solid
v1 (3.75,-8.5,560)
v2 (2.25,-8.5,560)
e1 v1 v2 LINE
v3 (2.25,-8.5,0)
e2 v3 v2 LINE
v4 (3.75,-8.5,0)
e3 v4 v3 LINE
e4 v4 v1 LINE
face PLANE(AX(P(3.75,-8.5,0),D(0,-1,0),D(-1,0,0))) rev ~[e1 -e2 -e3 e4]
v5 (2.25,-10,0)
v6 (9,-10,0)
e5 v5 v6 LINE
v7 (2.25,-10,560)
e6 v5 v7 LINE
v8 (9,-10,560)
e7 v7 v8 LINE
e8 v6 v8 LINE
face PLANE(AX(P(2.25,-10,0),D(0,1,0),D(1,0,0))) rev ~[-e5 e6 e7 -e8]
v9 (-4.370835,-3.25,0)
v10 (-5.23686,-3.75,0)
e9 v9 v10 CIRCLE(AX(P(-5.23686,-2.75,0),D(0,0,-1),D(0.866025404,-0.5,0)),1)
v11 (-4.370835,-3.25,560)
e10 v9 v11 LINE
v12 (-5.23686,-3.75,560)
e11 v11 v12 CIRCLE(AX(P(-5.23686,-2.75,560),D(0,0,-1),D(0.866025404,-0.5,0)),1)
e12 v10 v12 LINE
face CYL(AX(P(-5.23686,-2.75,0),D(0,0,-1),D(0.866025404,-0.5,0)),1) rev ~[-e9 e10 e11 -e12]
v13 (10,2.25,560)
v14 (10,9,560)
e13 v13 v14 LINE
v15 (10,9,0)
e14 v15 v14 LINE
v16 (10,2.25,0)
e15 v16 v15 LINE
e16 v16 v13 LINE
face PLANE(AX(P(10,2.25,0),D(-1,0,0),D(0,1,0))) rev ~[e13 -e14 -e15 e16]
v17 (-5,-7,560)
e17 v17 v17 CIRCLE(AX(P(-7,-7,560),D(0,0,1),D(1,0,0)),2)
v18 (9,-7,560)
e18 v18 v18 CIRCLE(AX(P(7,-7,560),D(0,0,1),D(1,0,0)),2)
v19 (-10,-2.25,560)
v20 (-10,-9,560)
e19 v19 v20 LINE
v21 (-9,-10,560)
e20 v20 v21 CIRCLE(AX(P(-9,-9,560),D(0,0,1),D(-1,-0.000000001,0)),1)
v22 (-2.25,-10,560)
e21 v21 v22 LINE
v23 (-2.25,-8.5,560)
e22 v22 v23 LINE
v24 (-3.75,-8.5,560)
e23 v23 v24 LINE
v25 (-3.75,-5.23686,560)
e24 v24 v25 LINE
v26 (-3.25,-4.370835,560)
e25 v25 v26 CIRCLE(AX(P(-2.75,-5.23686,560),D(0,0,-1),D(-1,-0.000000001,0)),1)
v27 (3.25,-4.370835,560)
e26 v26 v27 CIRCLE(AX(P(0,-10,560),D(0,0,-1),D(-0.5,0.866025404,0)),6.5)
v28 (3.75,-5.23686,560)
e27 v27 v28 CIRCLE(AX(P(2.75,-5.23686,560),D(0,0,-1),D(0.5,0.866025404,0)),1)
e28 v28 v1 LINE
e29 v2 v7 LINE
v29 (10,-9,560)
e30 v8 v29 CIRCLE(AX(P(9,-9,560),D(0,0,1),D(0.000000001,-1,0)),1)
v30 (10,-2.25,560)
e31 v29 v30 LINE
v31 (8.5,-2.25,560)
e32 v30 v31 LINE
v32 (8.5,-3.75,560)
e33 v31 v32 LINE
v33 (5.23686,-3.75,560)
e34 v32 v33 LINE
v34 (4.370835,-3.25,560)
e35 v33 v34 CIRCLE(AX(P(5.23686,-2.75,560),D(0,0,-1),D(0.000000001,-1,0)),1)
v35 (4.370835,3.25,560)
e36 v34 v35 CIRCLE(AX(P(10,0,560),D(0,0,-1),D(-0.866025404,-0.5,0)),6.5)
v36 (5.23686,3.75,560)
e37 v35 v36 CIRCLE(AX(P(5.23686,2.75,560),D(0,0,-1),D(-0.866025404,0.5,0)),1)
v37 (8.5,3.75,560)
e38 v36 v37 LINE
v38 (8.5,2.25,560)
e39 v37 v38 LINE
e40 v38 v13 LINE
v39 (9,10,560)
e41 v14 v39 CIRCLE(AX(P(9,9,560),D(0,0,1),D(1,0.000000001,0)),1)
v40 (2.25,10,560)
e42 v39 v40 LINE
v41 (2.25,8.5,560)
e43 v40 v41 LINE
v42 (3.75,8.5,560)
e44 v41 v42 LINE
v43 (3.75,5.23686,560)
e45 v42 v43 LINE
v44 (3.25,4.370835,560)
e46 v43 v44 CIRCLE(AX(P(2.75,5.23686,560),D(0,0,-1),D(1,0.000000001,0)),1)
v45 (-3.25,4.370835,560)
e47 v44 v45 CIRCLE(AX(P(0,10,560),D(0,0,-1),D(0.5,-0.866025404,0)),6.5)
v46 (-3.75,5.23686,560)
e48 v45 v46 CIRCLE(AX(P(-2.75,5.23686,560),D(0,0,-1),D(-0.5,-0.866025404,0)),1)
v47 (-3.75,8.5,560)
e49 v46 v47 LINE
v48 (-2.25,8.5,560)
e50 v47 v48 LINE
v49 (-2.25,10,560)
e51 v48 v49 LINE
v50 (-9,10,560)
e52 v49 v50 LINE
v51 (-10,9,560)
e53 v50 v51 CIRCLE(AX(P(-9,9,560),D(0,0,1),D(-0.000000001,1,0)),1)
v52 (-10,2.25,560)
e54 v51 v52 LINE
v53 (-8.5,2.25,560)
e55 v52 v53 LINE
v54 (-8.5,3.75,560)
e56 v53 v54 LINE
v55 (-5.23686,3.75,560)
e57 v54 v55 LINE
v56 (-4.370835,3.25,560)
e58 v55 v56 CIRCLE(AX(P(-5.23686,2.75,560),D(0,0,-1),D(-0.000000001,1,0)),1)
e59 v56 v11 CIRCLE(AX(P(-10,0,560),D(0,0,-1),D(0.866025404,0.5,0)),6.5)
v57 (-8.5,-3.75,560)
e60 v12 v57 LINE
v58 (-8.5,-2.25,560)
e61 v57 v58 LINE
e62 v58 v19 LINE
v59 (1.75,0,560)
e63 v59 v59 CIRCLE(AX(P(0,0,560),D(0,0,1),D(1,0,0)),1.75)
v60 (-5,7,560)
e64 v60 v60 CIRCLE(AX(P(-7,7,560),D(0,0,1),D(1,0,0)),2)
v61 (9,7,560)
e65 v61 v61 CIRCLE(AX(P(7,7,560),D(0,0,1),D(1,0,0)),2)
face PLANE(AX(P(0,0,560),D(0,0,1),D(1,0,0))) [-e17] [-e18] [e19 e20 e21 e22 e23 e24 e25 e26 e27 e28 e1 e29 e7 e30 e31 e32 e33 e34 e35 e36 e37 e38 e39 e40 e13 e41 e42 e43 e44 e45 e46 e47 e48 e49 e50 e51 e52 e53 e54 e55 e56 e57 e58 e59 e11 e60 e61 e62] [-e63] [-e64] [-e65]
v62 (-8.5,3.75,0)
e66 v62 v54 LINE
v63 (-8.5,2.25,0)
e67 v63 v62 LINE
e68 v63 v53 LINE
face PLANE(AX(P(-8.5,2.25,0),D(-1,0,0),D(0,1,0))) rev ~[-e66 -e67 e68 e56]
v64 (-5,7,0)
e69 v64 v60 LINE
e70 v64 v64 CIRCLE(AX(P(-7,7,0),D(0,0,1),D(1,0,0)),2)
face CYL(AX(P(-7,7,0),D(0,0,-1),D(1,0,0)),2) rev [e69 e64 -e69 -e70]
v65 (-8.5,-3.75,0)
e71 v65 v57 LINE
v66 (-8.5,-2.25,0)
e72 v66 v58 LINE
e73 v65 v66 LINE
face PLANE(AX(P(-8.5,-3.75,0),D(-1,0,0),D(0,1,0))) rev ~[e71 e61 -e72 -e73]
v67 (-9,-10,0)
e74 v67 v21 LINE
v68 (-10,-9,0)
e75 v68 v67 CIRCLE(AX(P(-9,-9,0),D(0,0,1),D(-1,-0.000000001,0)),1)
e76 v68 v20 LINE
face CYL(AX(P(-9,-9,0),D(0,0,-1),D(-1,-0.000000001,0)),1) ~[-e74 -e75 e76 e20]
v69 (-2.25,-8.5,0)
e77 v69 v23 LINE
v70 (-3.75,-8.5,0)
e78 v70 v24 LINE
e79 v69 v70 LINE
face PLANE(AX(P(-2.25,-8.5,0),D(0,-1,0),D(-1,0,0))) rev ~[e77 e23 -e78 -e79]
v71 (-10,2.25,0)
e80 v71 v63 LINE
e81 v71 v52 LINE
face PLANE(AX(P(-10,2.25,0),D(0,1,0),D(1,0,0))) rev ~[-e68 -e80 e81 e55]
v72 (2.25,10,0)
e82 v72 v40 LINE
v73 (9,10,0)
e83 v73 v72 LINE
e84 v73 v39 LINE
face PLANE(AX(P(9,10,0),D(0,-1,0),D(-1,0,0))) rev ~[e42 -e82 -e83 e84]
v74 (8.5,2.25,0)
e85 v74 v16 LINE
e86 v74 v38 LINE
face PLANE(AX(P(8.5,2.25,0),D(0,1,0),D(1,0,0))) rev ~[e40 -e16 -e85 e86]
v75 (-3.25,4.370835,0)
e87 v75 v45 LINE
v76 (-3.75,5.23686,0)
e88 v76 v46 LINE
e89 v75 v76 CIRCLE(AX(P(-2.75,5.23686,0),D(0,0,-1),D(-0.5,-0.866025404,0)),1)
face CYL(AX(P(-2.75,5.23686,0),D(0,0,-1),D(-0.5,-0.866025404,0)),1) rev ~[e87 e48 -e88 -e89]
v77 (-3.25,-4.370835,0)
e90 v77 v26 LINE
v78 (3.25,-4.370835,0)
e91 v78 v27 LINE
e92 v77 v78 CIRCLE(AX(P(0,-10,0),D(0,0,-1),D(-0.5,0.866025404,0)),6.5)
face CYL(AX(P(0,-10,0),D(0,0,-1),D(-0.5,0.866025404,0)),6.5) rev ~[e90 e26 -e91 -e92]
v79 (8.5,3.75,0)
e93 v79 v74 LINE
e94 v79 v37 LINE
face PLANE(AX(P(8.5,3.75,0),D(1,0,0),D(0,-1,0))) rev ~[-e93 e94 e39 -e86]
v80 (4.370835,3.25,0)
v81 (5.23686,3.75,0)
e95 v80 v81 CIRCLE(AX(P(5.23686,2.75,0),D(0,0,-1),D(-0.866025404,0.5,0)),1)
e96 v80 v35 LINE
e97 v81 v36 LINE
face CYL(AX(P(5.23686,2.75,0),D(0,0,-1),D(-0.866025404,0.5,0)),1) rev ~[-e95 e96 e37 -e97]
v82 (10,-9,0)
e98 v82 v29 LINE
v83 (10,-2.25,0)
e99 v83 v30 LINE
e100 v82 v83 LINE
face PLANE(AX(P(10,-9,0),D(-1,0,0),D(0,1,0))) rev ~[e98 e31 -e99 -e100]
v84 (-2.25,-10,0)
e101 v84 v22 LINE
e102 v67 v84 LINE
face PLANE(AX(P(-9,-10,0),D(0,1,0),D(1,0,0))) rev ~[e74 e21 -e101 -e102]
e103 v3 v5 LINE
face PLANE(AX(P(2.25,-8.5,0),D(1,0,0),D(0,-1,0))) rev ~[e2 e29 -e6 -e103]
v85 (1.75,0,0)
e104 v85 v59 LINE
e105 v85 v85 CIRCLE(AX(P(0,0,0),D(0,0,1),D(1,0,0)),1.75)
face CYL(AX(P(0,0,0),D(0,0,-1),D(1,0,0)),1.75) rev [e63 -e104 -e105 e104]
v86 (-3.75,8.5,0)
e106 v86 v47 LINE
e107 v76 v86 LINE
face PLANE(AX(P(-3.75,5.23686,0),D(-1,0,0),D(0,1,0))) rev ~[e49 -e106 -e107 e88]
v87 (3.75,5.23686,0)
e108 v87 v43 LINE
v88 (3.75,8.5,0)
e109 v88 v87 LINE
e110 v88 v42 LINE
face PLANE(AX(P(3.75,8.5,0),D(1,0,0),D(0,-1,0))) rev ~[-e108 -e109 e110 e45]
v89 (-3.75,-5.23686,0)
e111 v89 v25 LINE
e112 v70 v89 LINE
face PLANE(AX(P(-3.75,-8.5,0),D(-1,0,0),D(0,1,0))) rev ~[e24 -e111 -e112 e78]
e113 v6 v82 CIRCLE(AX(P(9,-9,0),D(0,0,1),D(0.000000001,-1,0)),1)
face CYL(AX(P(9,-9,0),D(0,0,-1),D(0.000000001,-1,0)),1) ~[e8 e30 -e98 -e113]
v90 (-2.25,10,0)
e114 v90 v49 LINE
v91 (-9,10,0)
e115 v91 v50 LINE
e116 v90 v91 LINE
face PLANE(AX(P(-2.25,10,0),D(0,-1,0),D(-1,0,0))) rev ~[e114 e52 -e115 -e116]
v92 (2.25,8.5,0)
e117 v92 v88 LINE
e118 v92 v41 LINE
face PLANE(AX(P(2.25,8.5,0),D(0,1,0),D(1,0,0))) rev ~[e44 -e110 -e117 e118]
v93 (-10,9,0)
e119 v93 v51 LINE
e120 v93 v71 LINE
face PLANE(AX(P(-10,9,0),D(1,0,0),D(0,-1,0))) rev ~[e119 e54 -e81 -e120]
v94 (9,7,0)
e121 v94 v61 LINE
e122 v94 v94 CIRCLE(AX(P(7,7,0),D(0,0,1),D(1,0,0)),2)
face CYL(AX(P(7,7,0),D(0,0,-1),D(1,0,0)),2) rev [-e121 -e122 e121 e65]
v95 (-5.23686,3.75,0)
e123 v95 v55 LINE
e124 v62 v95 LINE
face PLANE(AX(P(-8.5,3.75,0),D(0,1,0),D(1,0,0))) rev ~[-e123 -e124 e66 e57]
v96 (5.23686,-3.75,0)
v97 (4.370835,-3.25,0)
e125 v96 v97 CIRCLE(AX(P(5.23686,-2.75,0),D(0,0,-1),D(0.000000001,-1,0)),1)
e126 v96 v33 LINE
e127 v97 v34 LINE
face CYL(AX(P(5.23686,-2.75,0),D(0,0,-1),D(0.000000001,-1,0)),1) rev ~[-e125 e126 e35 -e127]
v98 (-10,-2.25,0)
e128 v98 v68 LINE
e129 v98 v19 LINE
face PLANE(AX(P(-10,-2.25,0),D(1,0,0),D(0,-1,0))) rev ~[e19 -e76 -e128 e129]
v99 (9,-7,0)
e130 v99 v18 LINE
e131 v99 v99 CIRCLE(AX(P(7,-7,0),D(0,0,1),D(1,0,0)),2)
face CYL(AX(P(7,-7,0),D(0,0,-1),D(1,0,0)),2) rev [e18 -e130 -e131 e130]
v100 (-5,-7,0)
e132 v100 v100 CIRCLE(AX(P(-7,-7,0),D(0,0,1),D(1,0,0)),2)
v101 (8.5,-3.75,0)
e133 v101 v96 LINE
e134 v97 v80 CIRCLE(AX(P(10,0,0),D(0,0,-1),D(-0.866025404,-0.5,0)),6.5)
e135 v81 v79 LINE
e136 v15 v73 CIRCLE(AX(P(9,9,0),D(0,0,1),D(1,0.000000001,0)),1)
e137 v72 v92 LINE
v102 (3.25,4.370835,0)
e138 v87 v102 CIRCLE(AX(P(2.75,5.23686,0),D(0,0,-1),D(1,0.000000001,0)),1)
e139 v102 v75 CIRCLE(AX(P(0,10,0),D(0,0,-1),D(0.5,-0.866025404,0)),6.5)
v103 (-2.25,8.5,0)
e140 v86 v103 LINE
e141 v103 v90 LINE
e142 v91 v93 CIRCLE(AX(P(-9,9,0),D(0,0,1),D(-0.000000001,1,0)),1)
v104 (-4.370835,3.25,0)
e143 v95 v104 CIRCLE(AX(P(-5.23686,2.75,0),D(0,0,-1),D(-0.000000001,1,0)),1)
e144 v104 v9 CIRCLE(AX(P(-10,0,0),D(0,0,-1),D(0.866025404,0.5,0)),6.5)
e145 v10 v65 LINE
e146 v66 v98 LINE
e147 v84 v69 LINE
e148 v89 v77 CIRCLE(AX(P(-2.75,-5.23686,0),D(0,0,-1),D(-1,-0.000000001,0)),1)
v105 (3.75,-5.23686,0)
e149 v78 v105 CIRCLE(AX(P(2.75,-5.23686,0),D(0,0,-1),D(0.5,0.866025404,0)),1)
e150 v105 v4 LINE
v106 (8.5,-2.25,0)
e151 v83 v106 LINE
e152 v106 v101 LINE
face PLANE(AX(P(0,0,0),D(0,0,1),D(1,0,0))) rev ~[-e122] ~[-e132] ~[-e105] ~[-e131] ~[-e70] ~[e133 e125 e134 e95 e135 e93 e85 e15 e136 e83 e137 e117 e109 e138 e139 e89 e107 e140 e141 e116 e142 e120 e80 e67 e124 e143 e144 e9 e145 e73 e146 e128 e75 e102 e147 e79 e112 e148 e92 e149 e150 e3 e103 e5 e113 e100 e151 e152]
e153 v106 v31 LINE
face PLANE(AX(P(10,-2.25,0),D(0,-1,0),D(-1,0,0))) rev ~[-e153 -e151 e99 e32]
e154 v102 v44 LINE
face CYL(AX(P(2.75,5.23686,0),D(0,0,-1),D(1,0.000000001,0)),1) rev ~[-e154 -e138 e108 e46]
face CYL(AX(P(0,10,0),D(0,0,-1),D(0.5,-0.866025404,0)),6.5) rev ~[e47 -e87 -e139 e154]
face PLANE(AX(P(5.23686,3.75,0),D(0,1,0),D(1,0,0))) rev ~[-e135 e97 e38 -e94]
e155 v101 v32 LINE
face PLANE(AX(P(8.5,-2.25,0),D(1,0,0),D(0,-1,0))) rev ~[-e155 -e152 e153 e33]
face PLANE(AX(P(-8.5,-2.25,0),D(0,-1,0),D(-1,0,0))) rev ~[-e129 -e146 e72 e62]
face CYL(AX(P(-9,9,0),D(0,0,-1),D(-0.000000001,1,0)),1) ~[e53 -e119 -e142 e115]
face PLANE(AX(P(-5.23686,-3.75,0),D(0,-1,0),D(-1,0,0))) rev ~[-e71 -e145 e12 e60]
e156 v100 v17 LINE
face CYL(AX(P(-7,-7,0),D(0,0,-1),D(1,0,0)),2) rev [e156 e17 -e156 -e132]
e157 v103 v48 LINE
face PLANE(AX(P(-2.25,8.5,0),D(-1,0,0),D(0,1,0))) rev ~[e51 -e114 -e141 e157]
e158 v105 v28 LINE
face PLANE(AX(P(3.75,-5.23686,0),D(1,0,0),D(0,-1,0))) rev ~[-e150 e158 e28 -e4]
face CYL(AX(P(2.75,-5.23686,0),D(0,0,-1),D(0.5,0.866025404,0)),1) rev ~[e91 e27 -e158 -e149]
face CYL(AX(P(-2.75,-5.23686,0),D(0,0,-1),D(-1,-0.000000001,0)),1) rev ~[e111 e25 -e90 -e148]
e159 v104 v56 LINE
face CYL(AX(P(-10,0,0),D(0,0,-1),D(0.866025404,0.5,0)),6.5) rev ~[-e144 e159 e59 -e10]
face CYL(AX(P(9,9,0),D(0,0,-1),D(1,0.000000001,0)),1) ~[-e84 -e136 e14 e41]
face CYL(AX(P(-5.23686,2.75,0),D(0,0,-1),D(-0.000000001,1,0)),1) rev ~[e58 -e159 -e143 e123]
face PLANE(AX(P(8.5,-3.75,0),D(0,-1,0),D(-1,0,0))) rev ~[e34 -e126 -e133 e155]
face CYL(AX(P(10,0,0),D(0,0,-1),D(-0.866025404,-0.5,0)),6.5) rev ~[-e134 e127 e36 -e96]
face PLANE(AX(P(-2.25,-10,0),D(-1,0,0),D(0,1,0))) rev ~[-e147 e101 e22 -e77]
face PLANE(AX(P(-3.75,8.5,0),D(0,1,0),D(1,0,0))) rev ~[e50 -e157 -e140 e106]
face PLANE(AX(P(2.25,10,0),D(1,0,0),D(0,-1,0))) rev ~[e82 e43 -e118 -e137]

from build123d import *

# Parameters (mm, degrees)
SKETCH1_R           = 2
SKETCH1_R_2         = 1.75
BOSS_EXTRUDE1_DEPTH = 560


with BuildPart() as part:
    # Sketch1 → Boss-Extrude1 (new body)
    with BuildSketch(Plane.XY):
        with BuildLine():
            Line((-10, 9), (-10, 2.25))
            Line((-10, 2.25), (-8.5, 2.25))
            Line((-8.5, 2.25), (-8.5, 3.75))
            Line((-8.5, 3.75), (-5.236860279, 3.75))
            ThreePointArc((-5.236860279, 3.75), (-4.736860279, 3.616025404), (-4.370834875, 3.25))
            ThreePointArc((-4.370834875, 3.25), (-3.5, 0), (-4.370834875, -3.25))
            ThreePointArc((-4.370834875, -3.25), (-4.736860279, -3.616025404), (-5.236860279, -3.75))
            Line((-5.236860279, -3.75), (-8.5, -3.75))
            Line((-8.5, -3.75), (-8.5, -2.25))
            Line((-8.5, -2.25), (-10, -2.25))
            Line((-10, -2.25), (-10, -9))
            ThreePointArc((-10, -9), (-9.707106781, -9.707106781), (-9, -10))
            Line((-9, -10), (-2.25, -10))
            Line((-2.25, -10), (-2.25, -8.5))
            Line((-2.25, -8.5), (-3.75, -8.5))
            Line((-3.75, -8.5), (-3.75, -5.236860279))
            ThreePointArc((-3.75, -5.236860279), (-3.616025404, -4.736860279), (-3.25, -4.370834875))
            ThreePointArc((-3.25, -4.370834875), (0, -3.5), (3.25, -4.370834875))
            ThreePointArc((3.25, -4.370834875), (3.616025404, -4.736860279), (3.75, -5.236860279))
            Line((3.75, -5.236860279), (3.75, -8.5))
            Line((3.75, -8.5), (2.25, -8.5))
            Line((2.25, -8.5), (2.25, -10))
            Line((2.25, -10), (9, -10))
            ThreePointArc((9, -10), (9.707106781, -9.707106781), (10, -9))
            Line((10, -9), (10, -2.25))
            Line((10, -2.25), (8.5, -2.25))
            Line((8.5, -2.25), (8.5, -3.75))
            Line((8.5, -3.75), (5.236860279, -3.75))
            ThreePointArc((5.236860279, -3.75), (4.736860279, -3.616025404), (4.370834875, -3.25))
            ThreePointArc((4.370834875, -3.25), (3.5, 0), (4.370834875, 3.25))
            ThreePointArc((4.370834875, 3.25), (4.736860279, 3.616025404), (5.236860279, 3.75))
            Line((5.236860279, 3.75), (8.5, 3.75))
            Line((8.5, 3.75), (8.5, 2.25))
            Line((8.5, 2.25), (10, 2.25))
            Line((10, 2.25), (10, 9))
            ThreePointArc((10, 9), (9.707106781, 9.707106781), (9, 10))
            Line((9, 10), (2.25, 10))
            Line((2.25, 10), (2.25, 8.5))
            Line((2.25, 8.5), (3.75, 8.5))
            Line((3.75, 8.5), (3.75, 5.236860279))
            ThreePointArc((3.75, 5.236860279), (3.616025404, 4.736860279), (3.25, 4.370834875))
            ThreePointArc((3.25, 4.370834875), (0, 3.5), (-3.25, 4.370834875))
            ThreePointArc((-3.25, 4.370834875), (-3.616025404, 4.736860279), (-3.75, 5.236860279))
            Line((-3.75, 5.236860279), (-3.75, 8.5))
            Line((-3.75, 8.5), (-2.25, 8.5))
            Line((-2.25, 8.5), (-2.25, 10))
            Line((-2.25, 10), (-9, 10))
            ThreePointArc((-9, 10), (-9.707106781, 9.707106781), (-10, 9))
        make_face()
        with Locations((-7, -7)):
            Circle(SKETCH1_R, mode=Mode.SUBTRACT)
        with Locations((7, -7)):
            Circle(SKETCH1_R, mode=Mode.SUBTRACT)
        with Locations((7, 7)):
            Circle(SKETCH1_R, mode=Mode.SUBTRACT)
        Circle(SKETCH1_R_2, mode=Mode.SUBTRACT)
        with Locations((-7, 7)):
            Circle(SKETCH1_R, mode=Mode.SUBTRACT)
    extrude(amount=BOSS_EXTRUDE1_DEPTH)


solid = part.part
